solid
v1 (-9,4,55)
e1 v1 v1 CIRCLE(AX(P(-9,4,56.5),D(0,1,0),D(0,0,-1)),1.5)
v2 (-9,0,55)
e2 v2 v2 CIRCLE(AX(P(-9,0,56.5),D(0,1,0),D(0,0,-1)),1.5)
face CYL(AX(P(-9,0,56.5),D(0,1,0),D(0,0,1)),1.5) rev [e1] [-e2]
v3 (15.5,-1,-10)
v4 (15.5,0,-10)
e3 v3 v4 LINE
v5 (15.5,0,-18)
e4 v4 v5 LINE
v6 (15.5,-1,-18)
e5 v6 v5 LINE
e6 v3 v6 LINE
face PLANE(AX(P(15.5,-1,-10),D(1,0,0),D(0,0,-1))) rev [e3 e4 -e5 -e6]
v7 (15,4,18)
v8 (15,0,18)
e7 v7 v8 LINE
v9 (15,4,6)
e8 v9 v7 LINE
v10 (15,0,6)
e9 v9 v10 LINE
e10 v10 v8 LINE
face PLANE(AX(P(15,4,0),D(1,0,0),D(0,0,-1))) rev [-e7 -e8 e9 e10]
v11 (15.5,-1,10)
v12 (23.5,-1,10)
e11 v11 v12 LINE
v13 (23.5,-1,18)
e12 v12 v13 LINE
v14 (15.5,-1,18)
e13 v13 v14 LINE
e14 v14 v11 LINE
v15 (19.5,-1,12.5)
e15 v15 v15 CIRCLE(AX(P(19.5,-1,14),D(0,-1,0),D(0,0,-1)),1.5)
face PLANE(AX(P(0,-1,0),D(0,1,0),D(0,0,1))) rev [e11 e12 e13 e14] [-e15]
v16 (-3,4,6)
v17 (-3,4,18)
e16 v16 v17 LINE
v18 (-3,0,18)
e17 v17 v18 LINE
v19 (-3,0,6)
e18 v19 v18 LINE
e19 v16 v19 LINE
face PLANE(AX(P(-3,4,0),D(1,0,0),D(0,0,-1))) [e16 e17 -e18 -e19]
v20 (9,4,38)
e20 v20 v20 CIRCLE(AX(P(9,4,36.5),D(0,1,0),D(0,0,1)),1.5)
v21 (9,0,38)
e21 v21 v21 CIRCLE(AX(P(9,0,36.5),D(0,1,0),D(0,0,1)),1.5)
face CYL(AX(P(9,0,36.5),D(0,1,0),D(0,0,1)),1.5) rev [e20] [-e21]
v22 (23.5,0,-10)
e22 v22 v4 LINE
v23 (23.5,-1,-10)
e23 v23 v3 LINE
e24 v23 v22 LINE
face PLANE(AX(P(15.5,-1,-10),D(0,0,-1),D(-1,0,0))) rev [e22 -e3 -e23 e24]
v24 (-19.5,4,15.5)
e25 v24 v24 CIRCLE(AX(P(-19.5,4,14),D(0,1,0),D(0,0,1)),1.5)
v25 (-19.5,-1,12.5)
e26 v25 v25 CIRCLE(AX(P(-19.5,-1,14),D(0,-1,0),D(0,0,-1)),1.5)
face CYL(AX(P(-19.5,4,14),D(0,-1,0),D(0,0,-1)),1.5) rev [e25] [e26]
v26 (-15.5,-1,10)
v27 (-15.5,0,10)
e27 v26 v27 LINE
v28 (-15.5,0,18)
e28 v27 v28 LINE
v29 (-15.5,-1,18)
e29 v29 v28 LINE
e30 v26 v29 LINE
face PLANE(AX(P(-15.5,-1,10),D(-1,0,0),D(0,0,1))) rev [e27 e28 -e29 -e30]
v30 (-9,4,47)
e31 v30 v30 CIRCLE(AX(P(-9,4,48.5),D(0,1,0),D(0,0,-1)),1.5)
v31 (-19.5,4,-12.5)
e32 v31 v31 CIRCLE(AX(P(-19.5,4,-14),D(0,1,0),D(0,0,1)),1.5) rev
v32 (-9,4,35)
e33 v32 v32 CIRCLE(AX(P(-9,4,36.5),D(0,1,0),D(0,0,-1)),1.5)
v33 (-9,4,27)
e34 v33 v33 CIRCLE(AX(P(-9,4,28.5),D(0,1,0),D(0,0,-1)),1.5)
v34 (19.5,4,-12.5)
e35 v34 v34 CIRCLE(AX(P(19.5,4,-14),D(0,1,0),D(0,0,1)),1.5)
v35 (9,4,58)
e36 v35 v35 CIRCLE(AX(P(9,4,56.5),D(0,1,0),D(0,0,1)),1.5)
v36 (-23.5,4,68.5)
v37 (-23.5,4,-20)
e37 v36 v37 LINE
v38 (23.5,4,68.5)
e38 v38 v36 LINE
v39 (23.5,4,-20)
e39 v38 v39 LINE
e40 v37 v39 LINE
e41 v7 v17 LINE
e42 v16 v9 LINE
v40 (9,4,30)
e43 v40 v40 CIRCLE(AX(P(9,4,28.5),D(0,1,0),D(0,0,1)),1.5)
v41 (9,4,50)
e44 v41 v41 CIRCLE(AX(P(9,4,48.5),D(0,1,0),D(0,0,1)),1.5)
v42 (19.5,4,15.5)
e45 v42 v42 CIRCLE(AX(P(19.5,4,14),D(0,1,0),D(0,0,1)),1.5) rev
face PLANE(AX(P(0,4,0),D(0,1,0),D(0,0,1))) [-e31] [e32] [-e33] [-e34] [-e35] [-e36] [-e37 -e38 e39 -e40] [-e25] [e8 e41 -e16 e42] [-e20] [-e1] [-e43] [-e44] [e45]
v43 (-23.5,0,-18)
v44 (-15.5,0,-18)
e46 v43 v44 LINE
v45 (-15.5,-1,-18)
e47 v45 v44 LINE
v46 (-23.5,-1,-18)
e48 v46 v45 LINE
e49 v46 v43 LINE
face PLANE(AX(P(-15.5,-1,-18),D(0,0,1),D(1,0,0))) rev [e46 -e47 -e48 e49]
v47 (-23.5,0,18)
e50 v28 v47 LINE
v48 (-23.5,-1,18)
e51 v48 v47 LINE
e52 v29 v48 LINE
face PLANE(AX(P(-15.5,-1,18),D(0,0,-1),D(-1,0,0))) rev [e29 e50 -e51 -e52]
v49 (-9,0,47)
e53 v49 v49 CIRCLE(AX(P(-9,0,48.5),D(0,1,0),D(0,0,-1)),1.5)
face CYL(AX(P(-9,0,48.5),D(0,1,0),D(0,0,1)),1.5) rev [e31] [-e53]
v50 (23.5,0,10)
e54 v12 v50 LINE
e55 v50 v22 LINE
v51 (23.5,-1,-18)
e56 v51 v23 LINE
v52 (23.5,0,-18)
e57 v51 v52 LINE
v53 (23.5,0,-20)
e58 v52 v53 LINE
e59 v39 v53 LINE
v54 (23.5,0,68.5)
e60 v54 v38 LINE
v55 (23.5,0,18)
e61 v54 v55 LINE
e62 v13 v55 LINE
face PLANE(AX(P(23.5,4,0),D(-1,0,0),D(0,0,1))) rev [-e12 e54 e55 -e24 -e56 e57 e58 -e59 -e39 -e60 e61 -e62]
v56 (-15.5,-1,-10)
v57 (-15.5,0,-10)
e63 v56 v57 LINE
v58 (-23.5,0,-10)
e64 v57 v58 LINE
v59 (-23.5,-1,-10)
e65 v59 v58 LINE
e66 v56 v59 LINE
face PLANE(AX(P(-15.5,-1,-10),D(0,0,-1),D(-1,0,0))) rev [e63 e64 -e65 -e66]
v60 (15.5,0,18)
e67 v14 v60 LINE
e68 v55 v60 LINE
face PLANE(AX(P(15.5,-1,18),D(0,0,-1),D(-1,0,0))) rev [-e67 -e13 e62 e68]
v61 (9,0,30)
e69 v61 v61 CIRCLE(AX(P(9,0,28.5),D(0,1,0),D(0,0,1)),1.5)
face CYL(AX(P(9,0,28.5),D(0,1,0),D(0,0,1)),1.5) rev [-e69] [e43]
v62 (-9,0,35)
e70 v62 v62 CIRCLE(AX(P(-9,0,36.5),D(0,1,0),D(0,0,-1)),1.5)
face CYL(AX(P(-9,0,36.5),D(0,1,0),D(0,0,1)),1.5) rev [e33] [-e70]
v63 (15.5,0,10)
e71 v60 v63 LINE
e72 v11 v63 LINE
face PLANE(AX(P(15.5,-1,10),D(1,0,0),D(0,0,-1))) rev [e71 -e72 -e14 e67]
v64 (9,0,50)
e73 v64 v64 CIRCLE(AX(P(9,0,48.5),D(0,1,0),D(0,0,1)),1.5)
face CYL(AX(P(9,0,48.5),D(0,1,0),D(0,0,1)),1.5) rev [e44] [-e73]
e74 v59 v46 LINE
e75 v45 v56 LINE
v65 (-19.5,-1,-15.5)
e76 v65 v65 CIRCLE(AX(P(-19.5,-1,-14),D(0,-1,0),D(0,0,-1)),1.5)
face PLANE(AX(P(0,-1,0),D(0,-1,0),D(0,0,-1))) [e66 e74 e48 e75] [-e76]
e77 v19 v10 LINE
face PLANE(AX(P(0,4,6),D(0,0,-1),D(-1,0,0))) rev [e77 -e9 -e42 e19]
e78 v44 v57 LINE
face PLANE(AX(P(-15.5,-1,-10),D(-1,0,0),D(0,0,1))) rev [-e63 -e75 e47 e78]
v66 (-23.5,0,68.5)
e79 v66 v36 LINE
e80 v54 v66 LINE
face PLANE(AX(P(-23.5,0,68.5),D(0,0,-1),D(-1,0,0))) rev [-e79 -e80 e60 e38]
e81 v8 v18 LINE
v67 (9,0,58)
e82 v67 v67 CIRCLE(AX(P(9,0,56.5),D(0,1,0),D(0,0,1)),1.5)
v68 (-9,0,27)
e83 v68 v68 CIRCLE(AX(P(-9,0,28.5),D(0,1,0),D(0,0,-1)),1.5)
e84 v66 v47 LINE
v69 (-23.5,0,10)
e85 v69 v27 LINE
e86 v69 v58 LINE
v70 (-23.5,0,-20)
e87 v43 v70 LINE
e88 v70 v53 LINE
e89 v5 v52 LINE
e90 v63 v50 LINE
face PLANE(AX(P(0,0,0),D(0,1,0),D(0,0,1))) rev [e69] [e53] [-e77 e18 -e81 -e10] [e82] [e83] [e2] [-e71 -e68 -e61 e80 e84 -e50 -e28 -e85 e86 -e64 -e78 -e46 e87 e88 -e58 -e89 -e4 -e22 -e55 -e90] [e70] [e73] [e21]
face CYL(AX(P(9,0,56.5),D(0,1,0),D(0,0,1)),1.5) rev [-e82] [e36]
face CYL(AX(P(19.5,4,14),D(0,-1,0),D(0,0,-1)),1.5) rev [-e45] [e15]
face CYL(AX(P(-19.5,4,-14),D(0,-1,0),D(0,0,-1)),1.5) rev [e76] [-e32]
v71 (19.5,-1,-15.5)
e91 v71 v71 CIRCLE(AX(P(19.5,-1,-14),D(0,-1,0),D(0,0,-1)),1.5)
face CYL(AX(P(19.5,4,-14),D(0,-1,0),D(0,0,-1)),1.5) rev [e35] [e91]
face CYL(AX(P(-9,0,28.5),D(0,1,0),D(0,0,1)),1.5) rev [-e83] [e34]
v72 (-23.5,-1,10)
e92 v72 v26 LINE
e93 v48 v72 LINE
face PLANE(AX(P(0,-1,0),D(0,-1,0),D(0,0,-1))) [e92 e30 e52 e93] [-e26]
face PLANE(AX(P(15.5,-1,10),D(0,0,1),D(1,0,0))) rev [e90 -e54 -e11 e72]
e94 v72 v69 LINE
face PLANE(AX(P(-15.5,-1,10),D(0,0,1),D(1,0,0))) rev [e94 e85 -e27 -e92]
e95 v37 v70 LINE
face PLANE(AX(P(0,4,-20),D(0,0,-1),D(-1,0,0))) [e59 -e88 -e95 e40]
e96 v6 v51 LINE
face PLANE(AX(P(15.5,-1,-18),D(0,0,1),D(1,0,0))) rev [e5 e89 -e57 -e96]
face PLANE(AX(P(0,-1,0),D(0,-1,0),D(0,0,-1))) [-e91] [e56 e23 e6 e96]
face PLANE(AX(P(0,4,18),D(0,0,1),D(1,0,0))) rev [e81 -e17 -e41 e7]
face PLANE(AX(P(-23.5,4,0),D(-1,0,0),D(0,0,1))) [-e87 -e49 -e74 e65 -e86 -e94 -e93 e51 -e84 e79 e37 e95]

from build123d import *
from build123d.topology import SkipClean

# Parameters (mm, degrees)
SKETCH_1_W          = 47
SKETCH_1_H          = 93.5
SKETCH_1_R          = 1.5
SKETCH_1_W_2        = 18
SKETCH_1_H_2        = 12
EXTRUDE_1_DEPTH     = 4
EXTRUDE_START       = 1
SKETCH_3_W          = 8
SKETCH_3_H          = 8
SKETCH_3_R          = 1.5
EXTRUDE_2_DEPTH     = 1
SKETCH_4_R          = 1.5
SKETCH_4_W          = 47
SKETCH_4_H          = 5
CUT_EXTRUDE_2_DEPTH = 4


with BuildPart() as part:
    # 草图1 → 凸台-拉伸1 (new body)
    with BuildSketch(Plane(origin=(0, 0, 0), x_dir=(1, 0, 0), z_dir=(0, 1, 0))):
        with Locations((0, -26.75)):
            Rectangle(SKETCH_1_W, SKETCH_1_H)
        with Locations(Location((-19.5, -14, 0), (0, 0, 270))):
            Circle(SKETCH_1_R, mode=Mode.SUBTRACT)
        with Locations((6, -12)):
            Rectangle(SKETCH_1_W_2, SKETCH_1_H_2, mode=Mode.SUBTRACT)
        with Locations(Location((-19.5, 14, 0), (0, 0, 270))):
            Circle(SKETCH_1_R, mode=Mode.SUBTRACT)
        with Locations(Location((19.5, -14, 0), (0, 0, 270))):
            Circle(SKETCH_1_R, mode=Mode.SUBTRACT)
        with Locations(Location((19.5, 14, 0), (0, 0, 270))):
            Circle(SKETCH_1_R, mode=Mode.SUBTRACT)
    extrude(amount=EXTRUDE_1_DEPTH)

    # 草图3 → 凸台-拉伸2 (add)
    # profile 1 of 4: a face of its own
    with SkipClean():  # the faces are left unmerged after this step: merging them gives an invalid solid
        with BuildSketch(Plane.XZ.offset(EXTRUDE_START)):
            with Locations((19.5, -14)):
                Rectangle(SKETCH_3_W, SKETCH_3_H)
            with Locations(Location((19.5, -14, 0), (0, 0, 270))):
                Circle(SKETCH_3_R, mode=Mode.SUBTRACT)
        # profile 2 of 4: a face of its own
        with BuildSketch(Plane.XZ.offset(EXTRUDE_START)):
            with Locations((19.5, 14)):
                Rectangle(SKETCH_3_W, SKETCH_3_H)
            with Locations(Location((19.5, 14, 0), (0, 0, 270))):
                Circle(SKETCH_3_R, mode=Mode.SUBTRACT)
        # profile 3 of 4: a face of its own
        with BuildSketch(Plane.XZ.offset(EXTRUDE_START)):
            with Locations((-19.5, -14)):
                Rectangle(SKETCH_3_W, SKETCH_3_H)
            with Locations(Location((-19.5, -14, 0), (0, 0, 270))):
                Circle(SKETCH_3_R, mode=Mode.SUBTRACT)
        # profile 4 of 4: a face of its own
        with BuildSketch(Plane.XZ.offset(EXTRUDE_START)):
            with Locations((-19.5, 14)):
                Rectangle(SKETCH_3_W, SKETCH_3_H)
            with Locations(Location((-19.5, 14, 0), (0, 0, 270))):
                Circle(SKETCH_3_R, mode=Mode.SUBTRACT)
        extrude(amount=-EXTRUDE_2_DEPTH)

    # 草图4 → 切除-拉伸2 (cut)
    with SkipClean():  # the faces are left unmerged after this step: merging them gives an invalid solid
        with BuildSketch(Plane(origin=(0, 4, 0), x_dir=(1, 0, 0), z_dir=(0, 1, 0))):
            with Locations(Location((9, -28.5, 0), (0, 0, 270))):
                Circle(SKETCH_4_R)
            with Locations(Location((9, -48.5, 0), (0, 0, 270))):
                Circle(SKETCH_4_R)
            with Locations(Location((-9, -48.5, 0), (0, 0, 90))):
                Circle(SKETCH_4_R)
            with Locations(Location((-9, -28.5, 0), (0, 0, 90))):
                Circle(SKETCH_4_R)
            with Locations(Location((-9, -36.5, 0), (0, 0, 90))):
                Circle(SKETCH_4_R)
            with Locations(Location((9, -36.5, 0), (0, 0, 270))):
                Circle(SKETCH_4_R)
            with Locations(Location((9, -56.5, 0), (0, 0, 270))):
                Circle(SKETCH_4_R)
            with Locations(Location((-9, -56.5, 0), (0, 0, 90))):
                Circle(SKETCH_4_R)
            with Locations((0, -71)):
                Rectangle(SKETCH_4_W, SKETCH_4_H)
        extrude(amount=-CUT_EXTRUDE_2_DEPTH, mode=Mode.SUBTRACT)


solid = part.part
